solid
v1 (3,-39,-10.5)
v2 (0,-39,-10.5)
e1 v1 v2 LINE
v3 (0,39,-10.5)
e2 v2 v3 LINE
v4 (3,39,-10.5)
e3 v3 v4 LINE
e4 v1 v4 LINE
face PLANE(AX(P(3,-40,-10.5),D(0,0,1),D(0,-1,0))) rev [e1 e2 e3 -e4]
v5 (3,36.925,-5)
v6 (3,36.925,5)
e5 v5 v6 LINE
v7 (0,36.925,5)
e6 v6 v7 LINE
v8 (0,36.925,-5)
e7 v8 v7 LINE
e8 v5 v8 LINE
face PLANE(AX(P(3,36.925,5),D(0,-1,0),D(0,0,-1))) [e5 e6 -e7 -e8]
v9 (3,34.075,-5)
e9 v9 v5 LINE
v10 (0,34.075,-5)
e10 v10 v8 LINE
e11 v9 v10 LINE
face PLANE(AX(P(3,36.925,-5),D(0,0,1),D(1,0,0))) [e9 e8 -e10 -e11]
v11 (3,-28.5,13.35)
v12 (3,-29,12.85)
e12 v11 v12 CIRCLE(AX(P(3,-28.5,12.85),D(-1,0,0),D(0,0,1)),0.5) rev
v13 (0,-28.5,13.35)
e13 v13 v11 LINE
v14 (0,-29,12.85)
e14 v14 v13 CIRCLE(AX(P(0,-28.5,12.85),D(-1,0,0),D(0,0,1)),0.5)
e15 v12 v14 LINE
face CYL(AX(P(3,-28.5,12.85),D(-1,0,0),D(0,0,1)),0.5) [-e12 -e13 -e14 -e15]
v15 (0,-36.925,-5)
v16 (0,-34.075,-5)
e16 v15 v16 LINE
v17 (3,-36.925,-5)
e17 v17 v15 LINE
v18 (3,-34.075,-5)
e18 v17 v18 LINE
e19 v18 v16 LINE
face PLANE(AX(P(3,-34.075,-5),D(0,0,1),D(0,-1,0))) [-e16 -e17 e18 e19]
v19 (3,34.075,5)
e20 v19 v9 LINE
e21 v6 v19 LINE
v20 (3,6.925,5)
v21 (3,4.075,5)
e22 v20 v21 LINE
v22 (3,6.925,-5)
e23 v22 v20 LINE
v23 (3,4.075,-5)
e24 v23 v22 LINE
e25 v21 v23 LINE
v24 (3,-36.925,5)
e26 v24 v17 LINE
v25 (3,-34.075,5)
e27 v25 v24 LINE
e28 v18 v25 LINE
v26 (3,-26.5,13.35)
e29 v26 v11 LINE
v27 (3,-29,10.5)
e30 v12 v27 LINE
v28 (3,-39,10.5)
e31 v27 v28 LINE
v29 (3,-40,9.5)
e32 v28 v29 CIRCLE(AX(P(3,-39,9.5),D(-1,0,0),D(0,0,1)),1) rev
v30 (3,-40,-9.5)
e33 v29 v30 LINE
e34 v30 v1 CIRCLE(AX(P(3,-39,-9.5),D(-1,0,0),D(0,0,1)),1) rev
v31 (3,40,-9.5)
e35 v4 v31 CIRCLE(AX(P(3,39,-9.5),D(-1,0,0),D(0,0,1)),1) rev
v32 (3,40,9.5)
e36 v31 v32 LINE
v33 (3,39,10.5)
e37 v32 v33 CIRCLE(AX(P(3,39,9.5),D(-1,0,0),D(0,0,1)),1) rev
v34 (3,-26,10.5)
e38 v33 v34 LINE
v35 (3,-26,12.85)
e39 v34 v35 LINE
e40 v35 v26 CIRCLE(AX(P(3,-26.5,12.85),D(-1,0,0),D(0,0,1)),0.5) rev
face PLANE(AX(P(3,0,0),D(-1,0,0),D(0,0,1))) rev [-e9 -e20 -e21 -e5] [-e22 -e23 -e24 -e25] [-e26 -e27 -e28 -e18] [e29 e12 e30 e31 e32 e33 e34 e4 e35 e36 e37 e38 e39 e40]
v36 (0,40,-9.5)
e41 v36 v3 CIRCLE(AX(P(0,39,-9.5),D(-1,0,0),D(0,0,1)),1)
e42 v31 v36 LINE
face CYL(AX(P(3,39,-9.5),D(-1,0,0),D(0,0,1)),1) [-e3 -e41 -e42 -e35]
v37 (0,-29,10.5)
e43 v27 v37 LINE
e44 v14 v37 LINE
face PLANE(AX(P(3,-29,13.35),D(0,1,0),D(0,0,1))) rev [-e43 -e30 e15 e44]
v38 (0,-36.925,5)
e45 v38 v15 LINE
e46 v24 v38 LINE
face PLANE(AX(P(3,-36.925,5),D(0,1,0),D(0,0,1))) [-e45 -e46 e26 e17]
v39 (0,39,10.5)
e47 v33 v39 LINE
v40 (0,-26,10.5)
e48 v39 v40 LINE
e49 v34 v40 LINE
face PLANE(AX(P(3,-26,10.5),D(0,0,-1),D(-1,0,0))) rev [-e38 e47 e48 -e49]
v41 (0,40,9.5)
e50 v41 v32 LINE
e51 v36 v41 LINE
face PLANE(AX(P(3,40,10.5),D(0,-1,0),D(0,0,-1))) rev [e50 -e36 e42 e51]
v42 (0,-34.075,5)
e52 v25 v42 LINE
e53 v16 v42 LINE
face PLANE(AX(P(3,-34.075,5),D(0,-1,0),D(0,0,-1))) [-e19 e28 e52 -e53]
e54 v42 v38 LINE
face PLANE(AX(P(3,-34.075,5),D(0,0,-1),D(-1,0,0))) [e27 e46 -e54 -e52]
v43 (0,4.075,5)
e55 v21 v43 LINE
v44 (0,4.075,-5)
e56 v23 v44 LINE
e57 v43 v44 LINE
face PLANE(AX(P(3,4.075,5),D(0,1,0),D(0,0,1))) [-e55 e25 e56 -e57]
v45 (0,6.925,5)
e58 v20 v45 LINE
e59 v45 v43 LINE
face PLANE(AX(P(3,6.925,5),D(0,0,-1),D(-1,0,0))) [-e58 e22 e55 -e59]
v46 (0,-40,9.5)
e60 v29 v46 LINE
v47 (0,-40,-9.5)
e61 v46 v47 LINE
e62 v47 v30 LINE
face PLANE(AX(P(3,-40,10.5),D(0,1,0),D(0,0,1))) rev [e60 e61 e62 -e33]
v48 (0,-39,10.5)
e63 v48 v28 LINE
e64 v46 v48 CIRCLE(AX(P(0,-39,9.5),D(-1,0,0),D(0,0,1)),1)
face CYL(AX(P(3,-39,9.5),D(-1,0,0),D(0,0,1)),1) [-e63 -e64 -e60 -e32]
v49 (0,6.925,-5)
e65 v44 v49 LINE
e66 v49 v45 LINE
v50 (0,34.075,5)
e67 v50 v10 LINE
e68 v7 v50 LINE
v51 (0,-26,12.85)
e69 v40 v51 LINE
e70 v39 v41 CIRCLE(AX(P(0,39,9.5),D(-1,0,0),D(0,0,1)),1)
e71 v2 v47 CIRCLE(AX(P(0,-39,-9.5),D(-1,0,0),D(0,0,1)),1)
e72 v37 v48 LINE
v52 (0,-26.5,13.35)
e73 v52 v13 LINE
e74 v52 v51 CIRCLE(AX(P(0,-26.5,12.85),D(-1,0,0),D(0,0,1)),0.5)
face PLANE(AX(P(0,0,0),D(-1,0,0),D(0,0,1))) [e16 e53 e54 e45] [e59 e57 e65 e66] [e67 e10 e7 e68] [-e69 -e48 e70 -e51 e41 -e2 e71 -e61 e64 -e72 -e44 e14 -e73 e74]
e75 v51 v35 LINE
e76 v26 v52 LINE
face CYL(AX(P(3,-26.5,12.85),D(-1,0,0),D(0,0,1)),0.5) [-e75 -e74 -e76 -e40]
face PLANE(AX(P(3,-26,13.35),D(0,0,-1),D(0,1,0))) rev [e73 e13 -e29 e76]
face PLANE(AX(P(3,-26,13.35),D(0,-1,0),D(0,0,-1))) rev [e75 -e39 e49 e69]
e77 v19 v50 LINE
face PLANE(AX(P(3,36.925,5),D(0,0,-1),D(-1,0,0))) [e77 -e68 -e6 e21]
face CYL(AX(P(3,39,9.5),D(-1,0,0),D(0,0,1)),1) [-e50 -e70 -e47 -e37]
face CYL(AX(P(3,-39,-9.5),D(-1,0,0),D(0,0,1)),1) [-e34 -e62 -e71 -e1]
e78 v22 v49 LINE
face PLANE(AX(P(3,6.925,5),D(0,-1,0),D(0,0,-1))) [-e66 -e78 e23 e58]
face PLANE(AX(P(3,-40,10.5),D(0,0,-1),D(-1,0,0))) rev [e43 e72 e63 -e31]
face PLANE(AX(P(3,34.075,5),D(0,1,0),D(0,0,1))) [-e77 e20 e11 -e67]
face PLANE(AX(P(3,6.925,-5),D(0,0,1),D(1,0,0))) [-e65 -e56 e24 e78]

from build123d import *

# Parameters (mm, degrees)
SKETCH_1_W      = 10
SKETCH_1_H      = 2.85
EXTRUDE_1_DEPTH = 3
FILLET_1_R      = 1
FILLET_2_R      = 0.5


with BuildPart() as part:
    # Эскиз1 → Бобышка-Вытянуть1 (new body)
    with BuildSketch(Plane(origin=(0, 0, 0), x_dir=(0, 0, -1), z_dir=(1, 0, 0))):
        Polygon((-10.5, -40), (10.5, -40), (10.5, 40), (-10.5, 40), (-10.5, -26), (-13.35, -26), (-13.35, -29), (-10.5, -29), align=None)
        with Locations((0, 5.5)):
            Rectangle(SKETCH_1_W, SKETCH_1_H, mode=Mode.SUBTRACT)
        with Locations((0, -35.5)):
            Rectangle(SKETCH_1_W, SKETCH_1_H, mode=Mode.SUBTRACT)
        with Locations((0, 35.5)):
            Rectangle(SKETCH_1_W, SKETCH_1_H, mode=Mode.SUBTRACT)
    extrude(amount=EXTRUDE_1_DEPTH)

    # Скругление1
    fillet_1_edges = [part.edges().sort_by_distance(p)[0] for p in [
        (1.5, -40, -10.5),
        (1.5, -40, 10.5),
        (1.5, 40, 10.5),
        (1.5, 40, -10.5),
    ]]
    fillet(fillet_1_edges, radius=FILLET_1_R)

    # Скругление2
    fillet_2_edges = [part.edges().sort_by_distance(p)[0] for p in [
        (1.5, -29, 13.35),
        (1.5, -26, 13.35),
    ]]
    fillet(fillet_2_edges, radius=FILLET_2_R)


solid = part.part
